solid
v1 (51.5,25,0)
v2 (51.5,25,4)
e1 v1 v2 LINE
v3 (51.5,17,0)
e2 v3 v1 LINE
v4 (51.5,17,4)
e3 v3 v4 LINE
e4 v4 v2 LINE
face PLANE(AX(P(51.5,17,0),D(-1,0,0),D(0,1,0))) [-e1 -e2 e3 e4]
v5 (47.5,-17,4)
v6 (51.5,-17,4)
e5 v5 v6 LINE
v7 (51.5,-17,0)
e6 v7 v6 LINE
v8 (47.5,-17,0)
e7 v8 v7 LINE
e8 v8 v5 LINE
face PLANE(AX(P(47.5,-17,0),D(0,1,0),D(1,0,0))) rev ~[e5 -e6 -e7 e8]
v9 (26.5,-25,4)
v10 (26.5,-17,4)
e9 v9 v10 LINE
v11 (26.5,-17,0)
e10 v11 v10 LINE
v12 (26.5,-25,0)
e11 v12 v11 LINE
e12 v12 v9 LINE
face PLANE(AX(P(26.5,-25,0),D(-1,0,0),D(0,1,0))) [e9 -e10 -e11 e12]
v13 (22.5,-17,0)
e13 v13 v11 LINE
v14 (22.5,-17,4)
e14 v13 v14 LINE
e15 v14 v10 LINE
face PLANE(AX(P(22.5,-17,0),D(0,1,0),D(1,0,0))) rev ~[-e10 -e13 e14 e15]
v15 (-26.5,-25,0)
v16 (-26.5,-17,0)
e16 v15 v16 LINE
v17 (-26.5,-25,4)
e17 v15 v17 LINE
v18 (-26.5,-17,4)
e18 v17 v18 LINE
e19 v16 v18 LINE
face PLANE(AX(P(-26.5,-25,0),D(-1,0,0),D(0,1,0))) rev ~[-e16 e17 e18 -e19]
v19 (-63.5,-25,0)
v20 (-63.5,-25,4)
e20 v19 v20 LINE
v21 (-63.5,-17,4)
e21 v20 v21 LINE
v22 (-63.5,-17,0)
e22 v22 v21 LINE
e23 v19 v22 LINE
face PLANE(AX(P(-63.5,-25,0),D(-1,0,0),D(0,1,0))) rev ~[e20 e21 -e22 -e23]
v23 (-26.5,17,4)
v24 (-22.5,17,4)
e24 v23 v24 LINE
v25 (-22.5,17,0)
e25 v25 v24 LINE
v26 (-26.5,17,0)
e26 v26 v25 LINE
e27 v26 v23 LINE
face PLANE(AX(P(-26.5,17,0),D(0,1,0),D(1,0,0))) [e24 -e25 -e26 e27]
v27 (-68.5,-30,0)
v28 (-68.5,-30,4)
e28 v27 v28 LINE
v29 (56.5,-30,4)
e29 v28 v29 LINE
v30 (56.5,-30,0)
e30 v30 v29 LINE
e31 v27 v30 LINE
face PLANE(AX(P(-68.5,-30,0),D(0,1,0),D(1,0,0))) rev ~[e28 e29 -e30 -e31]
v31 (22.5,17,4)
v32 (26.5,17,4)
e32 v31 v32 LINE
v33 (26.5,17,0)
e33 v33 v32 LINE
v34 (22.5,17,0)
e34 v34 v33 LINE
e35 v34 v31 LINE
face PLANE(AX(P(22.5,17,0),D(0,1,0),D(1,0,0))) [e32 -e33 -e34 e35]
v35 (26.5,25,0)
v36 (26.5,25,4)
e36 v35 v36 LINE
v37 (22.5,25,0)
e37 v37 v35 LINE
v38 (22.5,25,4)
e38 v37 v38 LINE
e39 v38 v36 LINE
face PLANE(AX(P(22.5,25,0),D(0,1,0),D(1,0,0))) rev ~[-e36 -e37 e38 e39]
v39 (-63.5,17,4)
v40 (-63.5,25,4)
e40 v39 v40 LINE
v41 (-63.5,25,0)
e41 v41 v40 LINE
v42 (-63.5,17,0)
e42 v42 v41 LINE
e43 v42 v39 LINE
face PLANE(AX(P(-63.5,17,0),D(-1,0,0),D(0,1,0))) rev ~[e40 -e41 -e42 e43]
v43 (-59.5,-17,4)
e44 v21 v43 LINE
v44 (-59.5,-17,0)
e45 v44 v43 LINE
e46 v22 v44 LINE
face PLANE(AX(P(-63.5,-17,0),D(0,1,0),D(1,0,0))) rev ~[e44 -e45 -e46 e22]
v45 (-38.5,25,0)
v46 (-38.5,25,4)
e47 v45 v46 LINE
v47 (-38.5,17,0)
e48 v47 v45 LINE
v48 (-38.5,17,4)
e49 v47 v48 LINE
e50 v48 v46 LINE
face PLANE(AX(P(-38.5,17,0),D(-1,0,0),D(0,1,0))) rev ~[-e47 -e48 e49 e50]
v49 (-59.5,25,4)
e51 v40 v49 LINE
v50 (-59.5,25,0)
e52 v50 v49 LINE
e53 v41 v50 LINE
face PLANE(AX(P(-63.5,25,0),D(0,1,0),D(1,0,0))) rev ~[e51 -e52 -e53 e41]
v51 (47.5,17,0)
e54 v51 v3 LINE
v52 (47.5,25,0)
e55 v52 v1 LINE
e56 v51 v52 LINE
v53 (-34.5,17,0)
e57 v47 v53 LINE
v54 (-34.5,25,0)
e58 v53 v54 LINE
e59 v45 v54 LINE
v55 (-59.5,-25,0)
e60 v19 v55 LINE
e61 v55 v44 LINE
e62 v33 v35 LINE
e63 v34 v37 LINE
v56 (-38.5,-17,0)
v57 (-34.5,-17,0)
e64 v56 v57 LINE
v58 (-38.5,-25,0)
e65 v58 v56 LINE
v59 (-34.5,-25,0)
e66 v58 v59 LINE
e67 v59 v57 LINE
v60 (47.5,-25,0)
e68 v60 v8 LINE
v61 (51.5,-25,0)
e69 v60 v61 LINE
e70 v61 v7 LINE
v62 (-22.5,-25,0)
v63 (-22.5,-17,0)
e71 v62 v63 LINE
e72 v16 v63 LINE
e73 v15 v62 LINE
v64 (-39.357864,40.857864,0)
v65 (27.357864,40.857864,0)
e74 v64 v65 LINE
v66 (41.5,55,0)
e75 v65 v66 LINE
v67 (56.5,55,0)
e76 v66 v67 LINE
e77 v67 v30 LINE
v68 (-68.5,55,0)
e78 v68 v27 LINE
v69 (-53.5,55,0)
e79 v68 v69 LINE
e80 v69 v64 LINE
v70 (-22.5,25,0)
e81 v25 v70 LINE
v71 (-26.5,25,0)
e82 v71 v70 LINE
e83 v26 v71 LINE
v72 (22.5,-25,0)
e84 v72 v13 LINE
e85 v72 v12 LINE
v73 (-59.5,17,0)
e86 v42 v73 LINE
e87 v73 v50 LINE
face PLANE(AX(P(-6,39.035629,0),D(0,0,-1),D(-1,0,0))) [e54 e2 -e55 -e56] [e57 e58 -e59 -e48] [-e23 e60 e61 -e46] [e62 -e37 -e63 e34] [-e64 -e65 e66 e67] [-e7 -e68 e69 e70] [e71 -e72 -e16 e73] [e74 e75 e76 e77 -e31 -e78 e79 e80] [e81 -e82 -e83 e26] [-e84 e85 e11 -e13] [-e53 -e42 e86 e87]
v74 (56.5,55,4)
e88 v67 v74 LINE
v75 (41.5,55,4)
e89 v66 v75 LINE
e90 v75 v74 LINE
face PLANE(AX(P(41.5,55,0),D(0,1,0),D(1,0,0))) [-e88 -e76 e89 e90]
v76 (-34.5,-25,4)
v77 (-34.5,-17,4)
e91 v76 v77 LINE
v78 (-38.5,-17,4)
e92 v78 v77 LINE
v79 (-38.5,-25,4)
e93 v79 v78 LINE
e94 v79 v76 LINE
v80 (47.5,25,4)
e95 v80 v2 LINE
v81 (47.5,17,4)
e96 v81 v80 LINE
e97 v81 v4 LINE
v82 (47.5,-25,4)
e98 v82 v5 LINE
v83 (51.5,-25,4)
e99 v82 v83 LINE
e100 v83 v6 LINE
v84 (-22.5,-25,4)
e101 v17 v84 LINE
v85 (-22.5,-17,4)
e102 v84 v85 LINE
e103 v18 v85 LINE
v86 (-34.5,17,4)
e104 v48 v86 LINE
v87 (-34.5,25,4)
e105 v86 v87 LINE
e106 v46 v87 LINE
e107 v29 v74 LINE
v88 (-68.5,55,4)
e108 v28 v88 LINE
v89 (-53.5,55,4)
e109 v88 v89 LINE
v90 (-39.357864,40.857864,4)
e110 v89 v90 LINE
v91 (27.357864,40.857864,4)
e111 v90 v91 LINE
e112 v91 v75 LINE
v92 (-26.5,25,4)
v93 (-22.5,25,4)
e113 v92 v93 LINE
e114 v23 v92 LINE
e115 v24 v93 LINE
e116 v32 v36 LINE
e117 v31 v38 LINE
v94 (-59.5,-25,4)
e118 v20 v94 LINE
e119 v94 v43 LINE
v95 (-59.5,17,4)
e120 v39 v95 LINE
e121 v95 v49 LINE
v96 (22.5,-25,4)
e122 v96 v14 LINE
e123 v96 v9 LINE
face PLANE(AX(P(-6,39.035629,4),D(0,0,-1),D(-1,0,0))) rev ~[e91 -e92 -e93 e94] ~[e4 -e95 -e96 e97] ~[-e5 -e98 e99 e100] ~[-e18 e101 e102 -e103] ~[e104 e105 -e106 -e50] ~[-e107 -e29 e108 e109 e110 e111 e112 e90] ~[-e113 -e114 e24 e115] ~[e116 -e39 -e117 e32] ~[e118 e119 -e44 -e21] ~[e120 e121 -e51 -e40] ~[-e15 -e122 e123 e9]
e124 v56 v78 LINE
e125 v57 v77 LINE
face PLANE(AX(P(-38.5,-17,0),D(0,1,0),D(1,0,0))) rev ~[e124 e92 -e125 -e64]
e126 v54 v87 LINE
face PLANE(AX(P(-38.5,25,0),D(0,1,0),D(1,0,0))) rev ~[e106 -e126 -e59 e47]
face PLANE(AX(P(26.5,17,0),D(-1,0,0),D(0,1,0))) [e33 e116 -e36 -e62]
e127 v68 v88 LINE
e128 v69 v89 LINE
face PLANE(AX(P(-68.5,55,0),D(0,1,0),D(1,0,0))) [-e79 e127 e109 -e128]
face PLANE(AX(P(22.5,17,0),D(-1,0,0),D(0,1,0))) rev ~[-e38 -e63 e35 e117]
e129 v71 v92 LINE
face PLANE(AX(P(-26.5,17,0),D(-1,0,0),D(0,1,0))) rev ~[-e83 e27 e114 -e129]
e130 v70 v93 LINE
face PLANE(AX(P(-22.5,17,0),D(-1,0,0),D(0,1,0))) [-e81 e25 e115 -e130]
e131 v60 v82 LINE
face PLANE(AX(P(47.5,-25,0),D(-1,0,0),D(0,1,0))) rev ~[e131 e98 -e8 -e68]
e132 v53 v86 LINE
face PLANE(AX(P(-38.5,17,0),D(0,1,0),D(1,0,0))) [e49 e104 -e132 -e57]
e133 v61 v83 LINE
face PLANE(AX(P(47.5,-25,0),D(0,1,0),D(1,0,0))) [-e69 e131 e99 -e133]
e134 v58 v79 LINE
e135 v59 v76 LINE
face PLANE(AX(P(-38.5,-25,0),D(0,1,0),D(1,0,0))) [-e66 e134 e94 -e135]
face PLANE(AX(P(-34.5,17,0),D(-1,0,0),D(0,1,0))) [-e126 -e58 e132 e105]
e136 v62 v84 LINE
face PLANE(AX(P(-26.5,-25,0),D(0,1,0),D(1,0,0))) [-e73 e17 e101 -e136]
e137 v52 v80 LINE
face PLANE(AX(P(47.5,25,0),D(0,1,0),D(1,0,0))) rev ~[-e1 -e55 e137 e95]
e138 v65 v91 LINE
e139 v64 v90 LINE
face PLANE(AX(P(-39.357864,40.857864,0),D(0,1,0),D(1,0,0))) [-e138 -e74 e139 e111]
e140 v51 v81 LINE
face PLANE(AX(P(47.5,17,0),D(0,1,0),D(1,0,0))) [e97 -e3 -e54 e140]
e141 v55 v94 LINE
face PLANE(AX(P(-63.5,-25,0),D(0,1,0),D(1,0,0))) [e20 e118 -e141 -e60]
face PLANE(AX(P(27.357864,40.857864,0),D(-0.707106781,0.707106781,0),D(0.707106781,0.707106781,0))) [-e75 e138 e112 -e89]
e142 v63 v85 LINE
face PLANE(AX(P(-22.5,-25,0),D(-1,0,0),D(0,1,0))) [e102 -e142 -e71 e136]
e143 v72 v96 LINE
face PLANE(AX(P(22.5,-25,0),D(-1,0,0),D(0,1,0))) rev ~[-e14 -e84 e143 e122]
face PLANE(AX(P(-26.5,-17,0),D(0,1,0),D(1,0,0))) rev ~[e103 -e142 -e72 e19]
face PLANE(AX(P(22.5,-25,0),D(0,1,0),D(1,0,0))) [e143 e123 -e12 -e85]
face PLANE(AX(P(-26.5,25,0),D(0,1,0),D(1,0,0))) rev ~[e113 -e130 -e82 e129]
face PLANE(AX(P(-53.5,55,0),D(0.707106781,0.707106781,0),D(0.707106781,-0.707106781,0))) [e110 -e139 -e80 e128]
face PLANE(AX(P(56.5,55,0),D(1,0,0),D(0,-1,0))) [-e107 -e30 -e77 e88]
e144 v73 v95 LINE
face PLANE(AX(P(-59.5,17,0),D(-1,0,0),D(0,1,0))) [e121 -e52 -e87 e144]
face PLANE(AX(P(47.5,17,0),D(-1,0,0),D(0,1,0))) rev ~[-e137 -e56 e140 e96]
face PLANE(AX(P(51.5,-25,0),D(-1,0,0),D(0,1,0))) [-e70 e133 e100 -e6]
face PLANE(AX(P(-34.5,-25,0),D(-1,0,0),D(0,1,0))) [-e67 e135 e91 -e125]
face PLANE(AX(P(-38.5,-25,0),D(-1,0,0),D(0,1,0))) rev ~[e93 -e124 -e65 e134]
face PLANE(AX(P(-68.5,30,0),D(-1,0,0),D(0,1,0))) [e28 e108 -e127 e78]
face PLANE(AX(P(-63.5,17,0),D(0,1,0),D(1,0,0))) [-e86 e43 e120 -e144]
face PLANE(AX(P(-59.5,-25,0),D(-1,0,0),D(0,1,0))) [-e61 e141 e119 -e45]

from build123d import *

# Parameters (mm, degrees)
SKETCH1_W           = 125
SKETCH1_H           = 60
SKETCH1_W_2         = 4
SKETCH1_H_2         = 8
BOSS_EXTRUDE1_DEPTH = 4
BOSS_EXTRUDE2_DEPTH = 4


with BuildPart() as part:
    # Sketch1 → Boss-Extrude1 (new body)
    with BuildSketch(Plane.XY):
        with Locations((-6, 0)):
            Rectangle(SKETCH1_W, SKETCH1_H)
        with Locations((-36.5, 21)):
            Rectangle(SKETCH1_W_2, SKETCH1_H_2, mode=Mode.SUBTRACT)
        with Locations((24.5, 21)):
            Rectangle(SKETCH1_W_2, SKETCH1_H_2, mode=Mode.SUBTRACT)
        with Locations((24.5, -21)):
            Rectangle(SKETCH1_W_2, SKETCH1_H_2, mode=Mode.SUBTRACT)
        with Locations((-24.5, 21)):
            Rectangle(SKETCH1_W_2, SKETCH1_H_2, mode=Mode.SUBTRACT)
        with Locations((-24.5, -21)):
            Rectangle(SKETCH1_W_2, SKETCH1_H_2, mode=Mode.SUBTRACT)
        with Locations((49.5, 21)):
            Rectangle(SKETCH1_W_2, SKETCH1_H_2, mode=Mode.SUBTRACT)
        with Locations((49.5, -21)):
            Rectangle(SKETCH1_W_2, SKETCH1_H_2, mode=Mode.SUBTRACT)
        with Locations((-36.5, -21)):
            Rectangle(SKETCH1_W_2, SKETCH1_H_2, mode=Mode.SUBTRACT)
        with Locations((-61.5, 21)):
            Rectangle(SKETCH1_W_2, SKETCH1_H_2, mode=Mode.SUBTRACT)
        with Locations((-61.5, -21)):
            Rectangle(SKETCH1_W_2, SKETCH1_H_2, mode=Mode.SUBTRACT)
    extrude(amount=BOSS_EXTRUDE1_DEPTH)

    # Sketch2 → Boss-Extrude2 (add)
    with BuildSketch(Plane.XY):
        Polygon((-68.5, 30), (-68.5, 55), (-53.5, 55), (-39.357864376, 40.857864376), (27.357864376, 40.857864376), (41.5, 55), (56.5, 55), (56.5, 30), align=None)
    extrude(amount=BOSS_EXTRUDE2_DEPTH)


solid = part.part
